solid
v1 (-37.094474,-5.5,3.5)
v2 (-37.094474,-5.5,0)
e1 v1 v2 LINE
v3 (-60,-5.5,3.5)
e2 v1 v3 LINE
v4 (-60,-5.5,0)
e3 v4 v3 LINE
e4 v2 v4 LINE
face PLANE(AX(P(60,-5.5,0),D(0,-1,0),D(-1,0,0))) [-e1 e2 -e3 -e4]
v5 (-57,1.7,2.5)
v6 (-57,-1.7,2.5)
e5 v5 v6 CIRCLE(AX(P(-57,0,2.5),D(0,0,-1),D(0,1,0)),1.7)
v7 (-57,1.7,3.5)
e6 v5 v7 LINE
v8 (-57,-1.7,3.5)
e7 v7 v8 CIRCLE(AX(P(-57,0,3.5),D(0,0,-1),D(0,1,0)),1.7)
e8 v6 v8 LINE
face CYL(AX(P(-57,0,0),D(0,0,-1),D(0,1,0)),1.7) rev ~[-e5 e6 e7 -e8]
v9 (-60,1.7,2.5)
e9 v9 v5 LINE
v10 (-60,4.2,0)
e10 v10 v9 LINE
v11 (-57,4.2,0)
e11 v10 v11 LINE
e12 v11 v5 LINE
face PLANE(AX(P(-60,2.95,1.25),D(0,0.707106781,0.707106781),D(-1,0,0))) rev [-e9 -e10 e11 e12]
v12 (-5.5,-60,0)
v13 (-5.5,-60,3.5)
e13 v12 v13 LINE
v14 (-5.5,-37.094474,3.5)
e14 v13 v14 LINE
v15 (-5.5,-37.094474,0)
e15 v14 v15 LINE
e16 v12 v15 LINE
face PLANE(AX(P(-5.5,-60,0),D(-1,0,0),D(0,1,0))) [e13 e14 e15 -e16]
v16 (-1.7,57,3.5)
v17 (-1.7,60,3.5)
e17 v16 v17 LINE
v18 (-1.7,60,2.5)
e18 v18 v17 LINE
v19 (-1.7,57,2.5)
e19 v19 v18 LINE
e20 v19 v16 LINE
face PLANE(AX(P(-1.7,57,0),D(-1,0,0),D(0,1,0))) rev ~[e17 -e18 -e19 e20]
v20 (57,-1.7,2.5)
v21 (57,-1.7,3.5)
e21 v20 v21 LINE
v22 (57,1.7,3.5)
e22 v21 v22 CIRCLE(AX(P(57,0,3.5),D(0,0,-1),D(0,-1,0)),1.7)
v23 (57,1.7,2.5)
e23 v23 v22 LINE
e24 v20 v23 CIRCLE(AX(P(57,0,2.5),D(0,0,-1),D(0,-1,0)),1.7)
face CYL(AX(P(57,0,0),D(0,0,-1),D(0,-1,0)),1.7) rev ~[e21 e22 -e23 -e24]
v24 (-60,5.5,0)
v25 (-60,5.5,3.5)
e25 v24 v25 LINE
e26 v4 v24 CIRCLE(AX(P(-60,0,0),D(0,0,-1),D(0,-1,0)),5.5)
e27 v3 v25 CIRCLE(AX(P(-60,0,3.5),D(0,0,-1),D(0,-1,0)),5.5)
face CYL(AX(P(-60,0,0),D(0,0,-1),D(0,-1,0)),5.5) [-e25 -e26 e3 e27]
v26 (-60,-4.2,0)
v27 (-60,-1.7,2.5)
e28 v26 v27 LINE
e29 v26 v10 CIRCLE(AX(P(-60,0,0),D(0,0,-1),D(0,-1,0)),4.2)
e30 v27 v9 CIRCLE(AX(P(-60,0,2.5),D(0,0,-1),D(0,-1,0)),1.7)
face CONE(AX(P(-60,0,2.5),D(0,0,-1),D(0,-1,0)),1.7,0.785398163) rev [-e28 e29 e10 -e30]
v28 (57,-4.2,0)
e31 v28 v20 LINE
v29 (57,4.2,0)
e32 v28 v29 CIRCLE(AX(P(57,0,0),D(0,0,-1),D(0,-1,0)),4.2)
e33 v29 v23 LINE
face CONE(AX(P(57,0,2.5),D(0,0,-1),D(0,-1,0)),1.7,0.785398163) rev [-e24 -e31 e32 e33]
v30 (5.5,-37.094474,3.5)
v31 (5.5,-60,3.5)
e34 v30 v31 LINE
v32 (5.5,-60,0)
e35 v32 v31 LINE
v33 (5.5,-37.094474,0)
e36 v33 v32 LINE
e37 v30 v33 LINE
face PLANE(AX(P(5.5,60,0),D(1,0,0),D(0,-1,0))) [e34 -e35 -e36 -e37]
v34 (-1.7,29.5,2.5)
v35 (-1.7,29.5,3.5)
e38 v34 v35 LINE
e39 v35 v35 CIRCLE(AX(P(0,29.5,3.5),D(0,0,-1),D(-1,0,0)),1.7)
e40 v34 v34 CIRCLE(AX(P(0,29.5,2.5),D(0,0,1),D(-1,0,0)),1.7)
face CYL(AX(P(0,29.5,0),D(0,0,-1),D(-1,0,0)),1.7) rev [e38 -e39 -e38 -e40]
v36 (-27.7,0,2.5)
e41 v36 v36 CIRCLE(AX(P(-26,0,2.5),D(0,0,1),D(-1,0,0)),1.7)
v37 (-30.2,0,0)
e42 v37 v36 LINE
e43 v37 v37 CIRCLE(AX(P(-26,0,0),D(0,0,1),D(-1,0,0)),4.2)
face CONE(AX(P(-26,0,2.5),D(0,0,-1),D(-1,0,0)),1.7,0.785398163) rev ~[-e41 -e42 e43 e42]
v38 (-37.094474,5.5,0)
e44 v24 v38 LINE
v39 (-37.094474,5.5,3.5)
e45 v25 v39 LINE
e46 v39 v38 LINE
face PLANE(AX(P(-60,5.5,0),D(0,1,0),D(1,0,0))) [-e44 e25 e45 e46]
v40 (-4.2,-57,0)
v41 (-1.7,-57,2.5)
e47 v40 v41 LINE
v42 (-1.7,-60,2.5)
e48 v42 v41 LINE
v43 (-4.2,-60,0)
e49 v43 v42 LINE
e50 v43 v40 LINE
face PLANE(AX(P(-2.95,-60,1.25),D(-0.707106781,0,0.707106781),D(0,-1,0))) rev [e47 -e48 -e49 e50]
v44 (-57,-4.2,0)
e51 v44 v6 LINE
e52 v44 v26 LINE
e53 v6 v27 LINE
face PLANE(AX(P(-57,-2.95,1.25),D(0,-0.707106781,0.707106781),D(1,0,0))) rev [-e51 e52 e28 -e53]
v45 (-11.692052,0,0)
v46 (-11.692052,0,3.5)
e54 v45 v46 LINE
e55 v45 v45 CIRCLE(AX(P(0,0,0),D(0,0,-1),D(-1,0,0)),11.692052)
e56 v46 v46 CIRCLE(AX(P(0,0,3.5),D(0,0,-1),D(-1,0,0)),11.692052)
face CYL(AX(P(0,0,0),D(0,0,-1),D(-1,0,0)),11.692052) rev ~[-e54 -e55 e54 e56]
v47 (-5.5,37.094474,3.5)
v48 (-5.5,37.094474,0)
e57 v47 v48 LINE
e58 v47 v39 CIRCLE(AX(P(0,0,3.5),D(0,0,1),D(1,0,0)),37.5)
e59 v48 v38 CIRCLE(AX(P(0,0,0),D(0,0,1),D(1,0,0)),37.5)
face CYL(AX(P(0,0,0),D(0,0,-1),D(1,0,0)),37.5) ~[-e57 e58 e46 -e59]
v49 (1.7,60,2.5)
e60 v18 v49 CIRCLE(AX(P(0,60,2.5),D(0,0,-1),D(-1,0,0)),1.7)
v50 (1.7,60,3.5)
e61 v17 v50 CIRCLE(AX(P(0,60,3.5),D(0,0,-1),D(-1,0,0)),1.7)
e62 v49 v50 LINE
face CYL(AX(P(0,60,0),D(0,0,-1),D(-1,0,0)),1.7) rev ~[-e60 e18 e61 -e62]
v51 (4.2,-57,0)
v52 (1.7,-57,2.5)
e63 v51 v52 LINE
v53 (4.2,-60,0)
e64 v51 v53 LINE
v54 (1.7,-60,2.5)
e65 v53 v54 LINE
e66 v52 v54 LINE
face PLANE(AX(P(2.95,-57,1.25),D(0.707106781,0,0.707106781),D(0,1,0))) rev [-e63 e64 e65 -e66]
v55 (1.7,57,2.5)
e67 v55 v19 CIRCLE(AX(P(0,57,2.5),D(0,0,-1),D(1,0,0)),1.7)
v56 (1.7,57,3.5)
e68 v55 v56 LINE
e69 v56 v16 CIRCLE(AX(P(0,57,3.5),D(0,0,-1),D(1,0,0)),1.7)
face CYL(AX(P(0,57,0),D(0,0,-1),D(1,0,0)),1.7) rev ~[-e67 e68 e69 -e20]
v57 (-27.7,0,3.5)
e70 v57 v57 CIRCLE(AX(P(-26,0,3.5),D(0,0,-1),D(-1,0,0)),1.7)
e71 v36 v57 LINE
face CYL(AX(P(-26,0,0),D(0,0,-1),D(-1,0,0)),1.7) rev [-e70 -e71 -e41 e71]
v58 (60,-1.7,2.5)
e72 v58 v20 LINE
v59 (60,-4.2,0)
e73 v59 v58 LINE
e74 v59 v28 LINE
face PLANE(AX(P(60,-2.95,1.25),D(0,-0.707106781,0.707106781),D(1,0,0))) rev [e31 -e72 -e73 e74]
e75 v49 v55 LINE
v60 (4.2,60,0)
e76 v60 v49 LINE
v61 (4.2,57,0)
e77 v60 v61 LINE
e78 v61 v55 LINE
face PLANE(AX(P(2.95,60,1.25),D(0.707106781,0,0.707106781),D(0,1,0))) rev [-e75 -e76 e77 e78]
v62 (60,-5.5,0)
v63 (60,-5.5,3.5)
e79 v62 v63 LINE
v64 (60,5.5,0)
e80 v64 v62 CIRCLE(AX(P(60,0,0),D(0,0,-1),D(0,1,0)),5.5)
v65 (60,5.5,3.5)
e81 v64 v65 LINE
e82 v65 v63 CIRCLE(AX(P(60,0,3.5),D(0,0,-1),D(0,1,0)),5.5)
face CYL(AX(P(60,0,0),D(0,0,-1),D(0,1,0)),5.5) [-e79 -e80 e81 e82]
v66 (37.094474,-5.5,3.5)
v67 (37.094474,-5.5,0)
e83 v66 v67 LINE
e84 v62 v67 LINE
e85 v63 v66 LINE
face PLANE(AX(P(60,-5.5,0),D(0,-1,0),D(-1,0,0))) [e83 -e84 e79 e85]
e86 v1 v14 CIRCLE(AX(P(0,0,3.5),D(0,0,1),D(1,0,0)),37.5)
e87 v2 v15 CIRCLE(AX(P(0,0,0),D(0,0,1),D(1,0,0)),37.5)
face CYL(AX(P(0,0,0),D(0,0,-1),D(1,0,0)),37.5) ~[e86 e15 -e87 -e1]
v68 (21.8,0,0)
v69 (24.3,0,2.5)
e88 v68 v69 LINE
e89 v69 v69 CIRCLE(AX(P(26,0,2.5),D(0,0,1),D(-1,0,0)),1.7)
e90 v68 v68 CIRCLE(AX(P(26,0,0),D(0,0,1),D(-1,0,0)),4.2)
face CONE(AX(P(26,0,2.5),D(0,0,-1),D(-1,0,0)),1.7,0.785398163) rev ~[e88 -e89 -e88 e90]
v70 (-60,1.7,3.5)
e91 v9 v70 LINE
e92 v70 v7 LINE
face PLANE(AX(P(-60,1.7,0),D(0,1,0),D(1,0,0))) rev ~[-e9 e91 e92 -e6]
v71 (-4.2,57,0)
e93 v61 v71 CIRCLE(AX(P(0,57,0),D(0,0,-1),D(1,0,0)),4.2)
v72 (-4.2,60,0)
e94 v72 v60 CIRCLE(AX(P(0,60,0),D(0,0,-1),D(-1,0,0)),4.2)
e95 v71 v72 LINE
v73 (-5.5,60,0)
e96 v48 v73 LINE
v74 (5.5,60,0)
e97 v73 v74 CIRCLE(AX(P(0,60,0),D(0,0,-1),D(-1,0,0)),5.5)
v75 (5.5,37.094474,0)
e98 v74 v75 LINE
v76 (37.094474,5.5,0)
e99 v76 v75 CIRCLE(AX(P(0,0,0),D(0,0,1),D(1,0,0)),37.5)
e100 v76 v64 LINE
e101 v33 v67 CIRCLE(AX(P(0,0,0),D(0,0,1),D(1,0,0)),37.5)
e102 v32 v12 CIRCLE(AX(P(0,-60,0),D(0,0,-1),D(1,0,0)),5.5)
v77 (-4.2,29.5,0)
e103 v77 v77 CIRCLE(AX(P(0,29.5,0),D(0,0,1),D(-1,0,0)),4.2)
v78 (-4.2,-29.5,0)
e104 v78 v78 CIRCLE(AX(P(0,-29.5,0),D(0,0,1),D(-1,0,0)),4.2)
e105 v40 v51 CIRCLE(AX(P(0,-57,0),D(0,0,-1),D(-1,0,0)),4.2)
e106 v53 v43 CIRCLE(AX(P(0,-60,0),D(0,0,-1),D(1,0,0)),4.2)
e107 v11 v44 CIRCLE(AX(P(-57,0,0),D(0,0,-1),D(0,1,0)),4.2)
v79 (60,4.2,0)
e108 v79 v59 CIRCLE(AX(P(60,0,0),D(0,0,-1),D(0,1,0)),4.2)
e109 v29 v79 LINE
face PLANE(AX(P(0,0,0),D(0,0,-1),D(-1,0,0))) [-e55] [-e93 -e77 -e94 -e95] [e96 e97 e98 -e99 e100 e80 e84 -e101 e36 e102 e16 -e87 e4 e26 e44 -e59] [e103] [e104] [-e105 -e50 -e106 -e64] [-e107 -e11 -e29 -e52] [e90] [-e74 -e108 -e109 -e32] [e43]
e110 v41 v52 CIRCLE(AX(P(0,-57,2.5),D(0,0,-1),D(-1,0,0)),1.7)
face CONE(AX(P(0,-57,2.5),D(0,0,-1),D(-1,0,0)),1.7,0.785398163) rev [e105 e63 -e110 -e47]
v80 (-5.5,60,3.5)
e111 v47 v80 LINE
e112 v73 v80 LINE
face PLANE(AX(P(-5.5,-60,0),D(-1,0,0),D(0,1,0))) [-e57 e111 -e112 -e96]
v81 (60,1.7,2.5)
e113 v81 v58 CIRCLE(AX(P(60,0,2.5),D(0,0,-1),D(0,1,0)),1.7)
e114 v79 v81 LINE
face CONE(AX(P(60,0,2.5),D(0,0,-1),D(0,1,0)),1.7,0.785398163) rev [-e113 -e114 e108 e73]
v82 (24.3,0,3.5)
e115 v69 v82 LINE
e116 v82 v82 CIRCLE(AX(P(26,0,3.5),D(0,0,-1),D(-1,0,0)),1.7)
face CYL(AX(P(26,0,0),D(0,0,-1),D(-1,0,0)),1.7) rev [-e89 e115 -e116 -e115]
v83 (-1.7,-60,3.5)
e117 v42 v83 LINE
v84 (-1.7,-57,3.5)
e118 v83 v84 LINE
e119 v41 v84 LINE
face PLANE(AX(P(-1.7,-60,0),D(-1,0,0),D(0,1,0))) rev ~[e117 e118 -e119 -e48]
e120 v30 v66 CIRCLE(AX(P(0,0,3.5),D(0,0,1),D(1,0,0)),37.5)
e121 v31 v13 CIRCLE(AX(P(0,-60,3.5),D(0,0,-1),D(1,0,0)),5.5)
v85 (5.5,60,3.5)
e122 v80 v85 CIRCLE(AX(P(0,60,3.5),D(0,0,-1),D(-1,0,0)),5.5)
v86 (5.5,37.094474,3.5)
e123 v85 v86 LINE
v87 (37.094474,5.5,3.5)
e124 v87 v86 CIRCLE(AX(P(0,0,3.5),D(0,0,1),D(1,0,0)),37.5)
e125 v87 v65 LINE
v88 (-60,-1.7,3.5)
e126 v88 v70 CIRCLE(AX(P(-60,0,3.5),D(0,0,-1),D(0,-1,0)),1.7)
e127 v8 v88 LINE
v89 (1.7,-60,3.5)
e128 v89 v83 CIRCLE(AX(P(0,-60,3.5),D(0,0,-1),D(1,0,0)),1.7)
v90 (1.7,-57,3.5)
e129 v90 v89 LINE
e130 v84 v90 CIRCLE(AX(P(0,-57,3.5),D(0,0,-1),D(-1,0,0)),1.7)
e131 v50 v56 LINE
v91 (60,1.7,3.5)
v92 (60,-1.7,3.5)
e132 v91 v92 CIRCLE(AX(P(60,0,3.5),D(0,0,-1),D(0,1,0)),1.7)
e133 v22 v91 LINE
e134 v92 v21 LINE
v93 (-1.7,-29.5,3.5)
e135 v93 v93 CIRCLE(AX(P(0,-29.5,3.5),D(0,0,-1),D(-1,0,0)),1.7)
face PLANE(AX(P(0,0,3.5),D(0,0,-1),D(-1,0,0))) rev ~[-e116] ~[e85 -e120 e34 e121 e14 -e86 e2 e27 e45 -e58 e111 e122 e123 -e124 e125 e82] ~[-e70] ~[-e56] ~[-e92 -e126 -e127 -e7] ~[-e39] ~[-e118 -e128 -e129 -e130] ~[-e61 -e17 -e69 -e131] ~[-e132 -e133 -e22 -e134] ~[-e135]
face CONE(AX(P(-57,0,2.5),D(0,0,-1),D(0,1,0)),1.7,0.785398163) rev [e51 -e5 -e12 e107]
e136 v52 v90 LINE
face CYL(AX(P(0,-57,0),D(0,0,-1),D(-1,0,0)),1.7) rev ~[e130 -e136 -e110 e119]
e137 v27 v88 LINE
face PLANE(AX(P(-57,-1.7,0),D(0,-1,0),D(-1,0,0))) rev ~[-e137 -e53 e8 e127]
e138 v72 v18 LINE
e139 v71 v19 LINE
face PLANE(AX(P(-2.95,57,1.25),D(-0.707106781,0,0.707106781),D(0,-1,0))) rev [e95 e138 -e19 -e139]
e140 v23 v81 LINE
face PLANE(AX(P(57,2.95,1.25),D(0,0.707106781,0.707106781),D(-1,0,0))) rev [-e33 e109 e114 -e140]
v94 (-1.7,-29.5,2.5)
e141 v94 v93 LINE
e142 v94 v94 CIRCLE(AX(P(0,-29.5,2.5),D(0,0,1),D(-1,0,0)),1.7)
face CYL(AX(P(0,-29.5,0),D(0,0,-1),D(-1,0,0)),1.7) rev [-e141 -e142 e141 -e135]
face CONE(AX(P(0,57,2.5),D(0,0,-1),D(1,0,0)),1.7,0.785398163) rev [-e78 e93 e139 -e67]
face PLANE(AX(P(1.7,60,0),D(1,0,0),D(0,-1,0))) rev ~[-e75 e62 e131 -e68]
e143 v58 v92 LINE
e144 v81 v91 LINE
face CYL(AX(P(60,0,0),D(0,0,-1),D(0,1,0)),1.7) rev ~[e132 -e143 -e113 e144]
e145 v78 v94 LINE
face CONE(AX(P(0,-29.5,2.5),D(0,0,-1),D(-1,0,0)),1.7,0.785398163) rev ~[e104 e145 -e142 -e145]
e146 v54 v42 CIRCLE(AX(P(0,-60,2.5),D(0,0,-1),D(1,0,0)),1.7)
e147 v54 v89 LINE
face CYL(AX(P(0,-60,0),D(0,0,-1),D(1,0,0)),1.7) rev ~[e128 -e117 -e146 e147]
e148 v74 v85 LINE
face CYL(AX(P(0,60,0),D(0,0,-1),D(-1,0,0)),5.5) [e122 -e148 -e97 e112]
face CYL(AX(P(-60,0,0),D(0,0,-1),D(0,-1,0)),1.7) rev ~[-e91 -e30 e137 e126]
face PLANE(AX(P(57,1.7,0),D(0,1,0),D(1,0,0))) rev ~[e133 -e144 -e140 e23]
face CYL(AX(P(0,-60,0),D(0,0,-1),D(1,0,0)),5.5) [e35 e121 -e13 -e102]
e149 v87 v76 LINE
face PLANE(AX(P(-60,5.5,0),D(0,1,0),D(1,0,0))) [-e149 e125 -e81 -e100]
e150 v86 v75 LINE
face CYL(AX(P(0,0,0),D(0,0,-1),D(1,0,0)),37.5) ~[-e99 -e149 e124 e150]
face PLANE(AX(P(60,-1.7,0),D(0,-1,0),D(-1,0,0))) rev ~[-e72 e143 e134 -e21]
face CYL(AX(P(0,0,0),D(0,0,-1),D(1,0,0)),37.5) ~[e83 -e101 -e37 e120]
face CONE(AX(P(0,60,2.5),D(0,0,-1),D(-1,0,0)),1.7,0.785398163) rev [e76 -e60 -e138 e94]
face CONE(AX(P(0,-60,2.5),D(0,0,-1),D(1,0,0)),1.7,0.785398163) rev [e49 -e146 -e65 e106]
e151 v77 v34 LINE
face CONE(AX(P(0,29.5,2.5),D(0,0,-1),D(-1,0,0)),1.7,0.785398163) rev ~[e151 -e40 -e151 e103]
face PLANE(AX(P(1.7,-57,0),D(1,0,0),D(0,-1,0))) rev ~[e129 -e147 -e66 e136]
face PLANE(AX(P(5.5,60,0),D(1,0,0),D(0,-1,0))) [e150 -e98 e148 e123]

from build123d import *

# Parameters (mm, degrees)
BOSS_EXTRUDE1_DEPTH = 3.5
SKETCH1_3_R         = 1.7
CUT_EXTRUDE1_DEPTH  = 13
CHAMFER1_SIZE       = 2.5
SKETCH2_R           = 11.692051929
CUT_EXTRUDE2_DEPTH  = 10


with BuildPart() as part:
    # Sketch1 → Boss-Extrude1 (new body)
    with BuildSketch(Plane.XY):
        with BuildLine():
            Line((37.094473982, -5.5), (60, -5.5))
            ThreePointArc((60, -5.5), (65.5, 0), (60, 5.5))
            Line((60, 5.5), (37.094473982, 5.5))
            ThreePointArc((37.094473982, 5.5), (26.516504294, 26.516504294), (5.5, 37.094473982))
            Line((5.5, 37.094473982), (5.5, 60))
            ThreePointArc((5.5, 60), (0, 65.5), (-5.5, 60))
            Line((-5.5, 60), (-5.5, 37.094473982))
            ThreePointArc((-5.5, 37.094473982), (-26.516504294, 26.516504294), (-37.094473982, 5.5))
            Line((-37.094473982, 5.5), (-60, 5.5))
            ThreePointArc((-60, 5.5), (-65.5, 0), (-60, -5.5))
            Line((-60, -5.5), (-37.094473982, -5.5))
            ThreePointArc((-37.094473982, -5.5), (-26.516504294, -26.516504294), (-5.5, -37.094473982))
            Line((-5.5, -37.094473982), (-5.5, -60))
            ThreePointArc((-5.5, -60), (0, -65.5), (5.5, -60))
            Line((5.5, -60), (5.5, -37.094473982))
            ThreePointArc((5.5, -37.094473982), (26.516504294, -26.516504294), (37.094473982, -5.5))
        make_face()
        with BuildLine():
            ThreePointArc((60, 1.7), (61.7, 0), (60, -1.7))
            Line((60, -1.7), (57, -1.7))
            ThreePointArc((57, -1.7), (55.3, 0), (57, 1.7))
            Line((57, 1.7), (60, 1.7))
        make_face(mode=Mode.SUBTRACT)
        with BuildLine():
            Line((-1.7, -60), (-1.7, -57))
            ThreePointArc((-1.7, -57), (0, -55.3), (1.7, -57))
            Line((1.7, -57), (1.7, -60))
            ThreePointArc((1.7, -60), (0, -61.7), (-1.7, -60))
        make_face(mode=Mode.SUBTRACT)
        with BuildLine():
            Line((-60, 1.7), (-57, 1.7))
            ThreePointArc((-57, 1.7), (-55.3, 0), (-57, -1.7))
            Line((-57, -1.7), (-60, -1.7))
            ThreePointArc((-60, -1.7), (-61.7, 0), (-60, 1.7))
        make_face(mode=Mode.SUBTRACT)
        with BuildLine():
            Line((1.7, 60), (1.7, 57))
            ThreePointArc((1.7, 57), (0, 55.3), (-1.7, 57))
            Line((-1.7, 57), (-1.7, 60))
            ThreePointArc((-1.7, 60), (0, 61.7), (1.7, 60))
        make_face(mode=Mode.SUBTRACT)
    extrude(amount=BOSS_EXTRUDE1_DEPTH)

    # Sketch1<3> → Cut-Extrude1 (cut)
    with BuildSketch(Plane.XY):
        with Locations((0, 29.5)):
            Circle(SKETCH1_3_R)
        with Locations((26, 0)):
            Circle(SKETCH1_3_R)
        with Locations((-26, 0)):
            Circle(SKETCH1_3_R)
        with Locations((0, -29.5)):
            Circle(SKETCH1_3_R)
    extrude(amount=CUT_EXTRUDE1_DEPTH, mode=Mode.SUBTRACT)

    # Chamfer1
    chamfer1_edges = [part.edges().sort_by_distance(p)[0] for p in [
        (0, 55.3, 0),
        (1.7, 58.5, 0),
        (-1.7, 58.5, 0),
        (0, 61.7, 0),
        (-58.5, -1.7, 0),
        (-61.7, 0, 0),
        (-55.3, 0, 0),
        (-58.5, 1.7, 0),
        (0, -61.7, 0),
        (1.7, -58.5, 0),
        (-1.7, -58.5, 0),
        (0, -55.3, 0),
        (58.5, -1.7, 0),
        (61.7, 0, 0),
        (55.3, 0, 0),
        (58.5, 1.7, 0),
        (24.3, 0, 0),
        (-1.7, 29.5, 0),
        (-1.7, -29.5, 0),
        (-27.7, 0, 0),
    ]]
    chamfer(chamfer1_edges, length=CHAMFER1_SIZE)

    # Sketch2 → Cut-Extrude2 (cut)
    with BuildSketch(Plane(origin=(0, 0, 0), x_dir=(-1, 0, 0), z_dir=(0, 0, -1))):
        Circle(SKETCH2_R)
    extrude(amount=-CUT_EXTRUDE2_DEPTH, mode=Mode.SUBTRACT)


solid = part.part
